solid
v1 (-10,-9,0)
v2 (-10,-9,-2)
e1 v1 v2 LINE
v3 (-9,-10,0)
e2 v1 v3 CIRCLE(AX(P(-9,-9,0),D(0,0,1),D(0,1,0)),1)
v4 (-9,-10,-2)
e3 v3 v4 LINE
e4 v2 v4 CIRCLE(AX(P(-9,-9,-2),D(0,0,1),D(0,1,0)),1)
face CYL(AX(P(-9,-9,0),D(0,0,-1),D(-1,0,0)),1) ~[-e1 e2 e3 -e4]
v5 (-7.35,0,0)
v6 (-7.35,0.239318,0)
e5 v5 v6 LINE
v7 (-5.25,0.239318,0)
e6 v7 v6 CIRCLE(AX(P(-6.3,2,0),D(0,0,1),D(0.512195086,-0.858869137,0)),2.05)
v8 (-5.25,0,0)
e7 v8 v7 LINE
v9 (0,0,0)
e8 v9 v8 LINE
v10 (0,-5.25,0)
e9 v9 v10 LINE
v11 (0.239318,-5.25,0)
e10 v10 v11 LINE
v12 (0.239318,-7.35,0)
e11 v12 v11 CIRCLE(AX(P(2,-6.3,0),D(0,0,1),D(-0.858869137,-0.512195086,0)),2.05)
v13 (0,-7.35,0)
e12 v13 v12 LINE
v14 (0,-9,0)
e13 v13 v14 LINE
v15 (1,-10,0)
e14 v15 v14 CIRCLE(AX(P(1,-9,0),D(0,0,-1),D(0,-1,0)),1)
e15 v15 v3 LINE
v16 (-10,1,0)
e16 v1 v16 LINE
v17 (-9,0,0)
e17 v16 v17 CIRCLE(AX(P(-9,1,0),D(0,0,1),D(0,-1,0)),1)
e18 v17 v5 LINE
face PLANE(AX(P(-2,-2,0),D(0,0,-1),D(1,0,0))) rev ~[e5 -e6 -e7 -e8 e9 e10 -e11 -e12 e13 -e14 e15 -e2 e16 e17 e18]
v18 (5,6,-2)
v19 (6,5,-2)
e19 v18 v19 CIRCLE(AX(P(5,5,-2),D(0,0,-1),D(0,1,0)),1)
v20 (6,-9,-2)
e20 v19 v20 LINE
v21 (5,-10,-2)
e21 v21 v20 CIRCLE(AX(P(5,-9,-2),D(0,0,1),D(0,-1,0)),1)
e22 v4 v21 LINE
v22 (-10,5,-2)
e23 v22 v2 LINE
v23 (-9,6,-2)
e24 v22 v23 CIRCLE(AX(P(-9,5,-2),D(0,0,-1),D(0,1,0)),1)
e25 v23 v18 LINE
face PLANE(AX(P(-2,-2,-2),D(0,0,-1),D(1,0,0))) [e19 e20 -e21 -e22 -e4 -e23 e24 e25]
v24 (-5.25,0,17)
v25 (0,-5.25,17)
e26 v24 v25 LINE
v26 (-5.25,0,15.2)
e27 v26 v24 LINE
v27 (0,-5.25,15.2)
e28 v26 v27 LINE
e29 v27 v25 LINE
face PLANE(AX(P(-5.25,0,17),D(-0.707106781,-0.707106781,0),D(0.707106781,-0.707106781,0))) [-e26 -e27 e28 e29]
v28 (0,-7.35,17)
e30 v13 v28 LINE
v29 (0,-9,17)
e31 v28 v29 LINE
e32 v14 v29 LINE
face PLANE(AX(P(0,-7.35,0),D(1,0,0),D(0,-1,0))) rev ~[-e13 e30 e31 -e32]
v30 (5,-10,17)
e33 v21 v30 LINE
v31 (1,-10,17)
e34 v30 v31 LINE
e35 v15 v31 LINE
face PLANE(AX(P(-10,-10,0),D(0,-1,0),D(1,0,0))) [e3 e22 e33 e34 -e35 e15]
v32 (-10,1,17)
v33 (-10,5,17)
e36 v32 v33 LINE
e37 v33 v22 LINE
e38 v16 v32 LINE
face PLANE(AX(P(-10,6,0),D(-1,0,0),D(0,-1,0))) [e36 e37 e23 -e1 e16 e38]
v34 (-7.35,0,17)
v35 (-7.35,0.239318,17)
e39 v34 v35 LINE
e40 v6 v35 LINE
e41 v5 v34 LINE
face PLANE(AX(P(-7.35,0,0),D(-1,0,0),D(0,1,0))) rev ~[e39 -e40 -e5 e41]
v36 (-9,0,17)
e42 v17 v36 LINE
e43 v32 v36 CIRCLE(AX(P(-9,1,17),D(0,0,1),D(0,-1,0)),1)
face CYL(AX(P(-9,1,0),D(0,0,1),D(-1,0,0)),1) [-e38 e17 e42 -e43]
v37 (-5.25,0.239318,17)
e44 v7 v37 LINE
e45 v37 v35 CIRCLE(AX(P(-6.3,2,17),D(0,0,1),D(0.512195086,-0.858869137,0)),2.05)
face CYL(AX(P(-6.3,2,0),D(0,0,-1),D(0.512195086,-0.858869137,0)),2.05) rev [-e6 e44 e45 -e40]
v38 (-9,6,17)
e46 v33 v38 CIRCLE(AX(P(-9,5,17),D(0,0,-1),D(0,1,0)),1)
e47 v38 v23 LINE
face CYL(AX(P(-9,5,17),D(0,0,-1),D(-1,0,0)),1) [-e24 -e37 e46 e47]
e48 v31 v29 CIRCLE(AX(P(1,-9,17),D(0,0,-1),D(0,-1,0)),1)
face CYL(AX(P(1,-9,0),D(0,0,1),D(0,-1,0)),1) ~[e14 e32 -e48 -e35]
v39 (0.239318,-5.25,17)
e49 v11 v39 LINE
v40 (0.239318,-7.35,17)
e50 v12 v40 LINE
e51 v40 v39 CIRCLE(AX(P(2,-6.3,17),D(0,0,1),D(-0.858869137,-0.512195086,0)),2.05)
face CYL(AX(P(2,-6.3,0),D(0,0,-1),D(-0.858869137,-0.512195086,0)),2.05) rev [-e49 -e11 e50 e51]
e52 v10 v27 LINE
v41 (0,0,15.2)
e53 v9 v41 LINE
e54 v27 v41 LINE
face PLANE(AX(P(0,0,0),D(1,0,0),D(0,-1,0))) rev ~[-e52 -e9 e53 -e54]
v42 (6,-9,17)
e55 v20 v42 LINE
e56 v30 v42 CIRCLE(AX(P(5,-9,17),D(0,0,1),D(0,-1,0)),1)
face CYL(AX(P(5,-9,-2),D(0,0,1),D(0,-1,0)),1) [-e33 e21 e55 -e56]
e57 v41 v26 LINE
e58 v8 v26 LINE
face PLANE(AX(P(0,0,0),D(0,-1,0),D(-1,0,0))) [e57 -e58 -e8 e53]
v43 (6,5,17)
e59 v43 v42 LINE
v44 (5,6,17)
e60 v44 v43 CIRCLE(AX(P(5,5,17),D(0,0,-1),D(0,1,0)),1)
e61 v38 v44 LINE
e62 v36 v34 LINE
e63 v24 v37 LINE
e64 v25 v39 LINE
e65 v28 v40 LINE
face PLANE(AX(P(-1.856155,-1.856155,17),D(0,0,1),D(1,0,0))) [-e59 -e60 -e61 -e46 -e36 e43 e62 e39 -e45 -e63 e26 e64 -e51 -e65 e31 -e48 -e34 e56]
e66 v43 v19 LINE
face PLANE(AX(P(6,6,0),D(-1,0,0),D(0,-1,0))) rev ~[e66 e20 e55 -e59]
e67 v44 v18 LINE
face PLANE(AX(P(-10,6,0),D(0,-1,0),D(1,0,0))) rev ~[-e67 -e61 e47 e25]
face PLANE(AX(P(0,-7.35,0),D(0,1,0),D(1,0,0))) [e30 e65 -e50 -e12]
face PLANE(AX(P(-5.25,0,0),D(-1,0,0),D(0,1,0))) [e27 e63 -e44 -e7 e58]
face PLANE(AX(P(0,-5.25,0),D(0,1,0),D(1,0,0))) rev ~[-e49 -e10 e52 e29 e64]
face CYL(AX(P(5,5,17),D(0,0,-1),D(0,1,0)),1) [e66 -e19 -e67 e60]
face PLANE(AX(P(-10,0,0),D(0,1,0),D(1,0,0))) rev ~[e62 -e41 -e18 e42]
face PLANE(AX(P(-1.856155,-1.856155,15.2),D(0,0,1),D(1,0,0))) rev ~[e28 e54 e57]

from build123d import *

# Parameters (mm, degrees)
PAD_DEPTH    = 17
SKETCH001_W  = 16
SKETCH001_H  = 16
PAD001_DEPTH = 2
PAD002_DEPTH = 1.8
FILLET_R     = 1


with BuildPart() as part:
    # Sketch → Pad (new body)
    with BuildSketch(Plane.XY):
        with BuildLine():
            Line((-10, 0), (-10, 6))
            Line((-10, 6), (6, 6))
            Line((6, 6), (6, -10))
            Line((6, -10), (0, -10))
            Line((0, -7.35), (0, -10))
            Line((0, -7.35), (0.239318, -7.35))
            ThreePointArc((0.239318, -7.35), (4.05, -6.3), (0.239318, -5.25))
            Line((0, -5.25), (0.239318, -5.25))
            Line((0, 0), (0, -5.25))
            Line((0, 0), (-5.25, 0))
            Line((-5.25, 0), (-5.25, 0.239318))
            ThreePointArc((-5.25, 0.239318), (-6.3, 4.05), (-7.35, 0.239318))
            Line((-7.35, 0), (-7.35, 0.239318))
            Line((-10, 0), (-7.35, 0))
        make_face()
    extrude(amount=PAD_DEPTH)

    # Sketch001 (on Face15 of Pad) → Pad001 (join)
    with BuildSketch(Plane(origin=(0, 0, 0), x_dir=(1, 0, 0), z_dir=(0, 0, -1))):
        with Locations((-2, 2)):
            Rectangle(SKETCH001_W, SKETCH001_H)
    extrude(amount=PAD001_DEPTH)

    # Sketch002 (on Face1 of Pad001) → Pad002 (join)
    with BuildSketch(Plane.XY.offset(17)):
        Polygon((-5.25, 0), (0, -5.25), (0, 0), align=None)
    extrude(amount=-PAD002_DEPTH)

    # Fillet
    fillet_edges = [part.edges().sort_by_distance(p)[0] for p in [
        (6, -10, 7.5),
        (6, 6, 7.5),
        (-10, 6, 7.5),
        (0, -10, 8.5),
        (-10, 0, 8.5),
        (-10, -10, -1),
    ]]
    fillet(fillet_edges, radius=FILLET_R)


solid = part.part
